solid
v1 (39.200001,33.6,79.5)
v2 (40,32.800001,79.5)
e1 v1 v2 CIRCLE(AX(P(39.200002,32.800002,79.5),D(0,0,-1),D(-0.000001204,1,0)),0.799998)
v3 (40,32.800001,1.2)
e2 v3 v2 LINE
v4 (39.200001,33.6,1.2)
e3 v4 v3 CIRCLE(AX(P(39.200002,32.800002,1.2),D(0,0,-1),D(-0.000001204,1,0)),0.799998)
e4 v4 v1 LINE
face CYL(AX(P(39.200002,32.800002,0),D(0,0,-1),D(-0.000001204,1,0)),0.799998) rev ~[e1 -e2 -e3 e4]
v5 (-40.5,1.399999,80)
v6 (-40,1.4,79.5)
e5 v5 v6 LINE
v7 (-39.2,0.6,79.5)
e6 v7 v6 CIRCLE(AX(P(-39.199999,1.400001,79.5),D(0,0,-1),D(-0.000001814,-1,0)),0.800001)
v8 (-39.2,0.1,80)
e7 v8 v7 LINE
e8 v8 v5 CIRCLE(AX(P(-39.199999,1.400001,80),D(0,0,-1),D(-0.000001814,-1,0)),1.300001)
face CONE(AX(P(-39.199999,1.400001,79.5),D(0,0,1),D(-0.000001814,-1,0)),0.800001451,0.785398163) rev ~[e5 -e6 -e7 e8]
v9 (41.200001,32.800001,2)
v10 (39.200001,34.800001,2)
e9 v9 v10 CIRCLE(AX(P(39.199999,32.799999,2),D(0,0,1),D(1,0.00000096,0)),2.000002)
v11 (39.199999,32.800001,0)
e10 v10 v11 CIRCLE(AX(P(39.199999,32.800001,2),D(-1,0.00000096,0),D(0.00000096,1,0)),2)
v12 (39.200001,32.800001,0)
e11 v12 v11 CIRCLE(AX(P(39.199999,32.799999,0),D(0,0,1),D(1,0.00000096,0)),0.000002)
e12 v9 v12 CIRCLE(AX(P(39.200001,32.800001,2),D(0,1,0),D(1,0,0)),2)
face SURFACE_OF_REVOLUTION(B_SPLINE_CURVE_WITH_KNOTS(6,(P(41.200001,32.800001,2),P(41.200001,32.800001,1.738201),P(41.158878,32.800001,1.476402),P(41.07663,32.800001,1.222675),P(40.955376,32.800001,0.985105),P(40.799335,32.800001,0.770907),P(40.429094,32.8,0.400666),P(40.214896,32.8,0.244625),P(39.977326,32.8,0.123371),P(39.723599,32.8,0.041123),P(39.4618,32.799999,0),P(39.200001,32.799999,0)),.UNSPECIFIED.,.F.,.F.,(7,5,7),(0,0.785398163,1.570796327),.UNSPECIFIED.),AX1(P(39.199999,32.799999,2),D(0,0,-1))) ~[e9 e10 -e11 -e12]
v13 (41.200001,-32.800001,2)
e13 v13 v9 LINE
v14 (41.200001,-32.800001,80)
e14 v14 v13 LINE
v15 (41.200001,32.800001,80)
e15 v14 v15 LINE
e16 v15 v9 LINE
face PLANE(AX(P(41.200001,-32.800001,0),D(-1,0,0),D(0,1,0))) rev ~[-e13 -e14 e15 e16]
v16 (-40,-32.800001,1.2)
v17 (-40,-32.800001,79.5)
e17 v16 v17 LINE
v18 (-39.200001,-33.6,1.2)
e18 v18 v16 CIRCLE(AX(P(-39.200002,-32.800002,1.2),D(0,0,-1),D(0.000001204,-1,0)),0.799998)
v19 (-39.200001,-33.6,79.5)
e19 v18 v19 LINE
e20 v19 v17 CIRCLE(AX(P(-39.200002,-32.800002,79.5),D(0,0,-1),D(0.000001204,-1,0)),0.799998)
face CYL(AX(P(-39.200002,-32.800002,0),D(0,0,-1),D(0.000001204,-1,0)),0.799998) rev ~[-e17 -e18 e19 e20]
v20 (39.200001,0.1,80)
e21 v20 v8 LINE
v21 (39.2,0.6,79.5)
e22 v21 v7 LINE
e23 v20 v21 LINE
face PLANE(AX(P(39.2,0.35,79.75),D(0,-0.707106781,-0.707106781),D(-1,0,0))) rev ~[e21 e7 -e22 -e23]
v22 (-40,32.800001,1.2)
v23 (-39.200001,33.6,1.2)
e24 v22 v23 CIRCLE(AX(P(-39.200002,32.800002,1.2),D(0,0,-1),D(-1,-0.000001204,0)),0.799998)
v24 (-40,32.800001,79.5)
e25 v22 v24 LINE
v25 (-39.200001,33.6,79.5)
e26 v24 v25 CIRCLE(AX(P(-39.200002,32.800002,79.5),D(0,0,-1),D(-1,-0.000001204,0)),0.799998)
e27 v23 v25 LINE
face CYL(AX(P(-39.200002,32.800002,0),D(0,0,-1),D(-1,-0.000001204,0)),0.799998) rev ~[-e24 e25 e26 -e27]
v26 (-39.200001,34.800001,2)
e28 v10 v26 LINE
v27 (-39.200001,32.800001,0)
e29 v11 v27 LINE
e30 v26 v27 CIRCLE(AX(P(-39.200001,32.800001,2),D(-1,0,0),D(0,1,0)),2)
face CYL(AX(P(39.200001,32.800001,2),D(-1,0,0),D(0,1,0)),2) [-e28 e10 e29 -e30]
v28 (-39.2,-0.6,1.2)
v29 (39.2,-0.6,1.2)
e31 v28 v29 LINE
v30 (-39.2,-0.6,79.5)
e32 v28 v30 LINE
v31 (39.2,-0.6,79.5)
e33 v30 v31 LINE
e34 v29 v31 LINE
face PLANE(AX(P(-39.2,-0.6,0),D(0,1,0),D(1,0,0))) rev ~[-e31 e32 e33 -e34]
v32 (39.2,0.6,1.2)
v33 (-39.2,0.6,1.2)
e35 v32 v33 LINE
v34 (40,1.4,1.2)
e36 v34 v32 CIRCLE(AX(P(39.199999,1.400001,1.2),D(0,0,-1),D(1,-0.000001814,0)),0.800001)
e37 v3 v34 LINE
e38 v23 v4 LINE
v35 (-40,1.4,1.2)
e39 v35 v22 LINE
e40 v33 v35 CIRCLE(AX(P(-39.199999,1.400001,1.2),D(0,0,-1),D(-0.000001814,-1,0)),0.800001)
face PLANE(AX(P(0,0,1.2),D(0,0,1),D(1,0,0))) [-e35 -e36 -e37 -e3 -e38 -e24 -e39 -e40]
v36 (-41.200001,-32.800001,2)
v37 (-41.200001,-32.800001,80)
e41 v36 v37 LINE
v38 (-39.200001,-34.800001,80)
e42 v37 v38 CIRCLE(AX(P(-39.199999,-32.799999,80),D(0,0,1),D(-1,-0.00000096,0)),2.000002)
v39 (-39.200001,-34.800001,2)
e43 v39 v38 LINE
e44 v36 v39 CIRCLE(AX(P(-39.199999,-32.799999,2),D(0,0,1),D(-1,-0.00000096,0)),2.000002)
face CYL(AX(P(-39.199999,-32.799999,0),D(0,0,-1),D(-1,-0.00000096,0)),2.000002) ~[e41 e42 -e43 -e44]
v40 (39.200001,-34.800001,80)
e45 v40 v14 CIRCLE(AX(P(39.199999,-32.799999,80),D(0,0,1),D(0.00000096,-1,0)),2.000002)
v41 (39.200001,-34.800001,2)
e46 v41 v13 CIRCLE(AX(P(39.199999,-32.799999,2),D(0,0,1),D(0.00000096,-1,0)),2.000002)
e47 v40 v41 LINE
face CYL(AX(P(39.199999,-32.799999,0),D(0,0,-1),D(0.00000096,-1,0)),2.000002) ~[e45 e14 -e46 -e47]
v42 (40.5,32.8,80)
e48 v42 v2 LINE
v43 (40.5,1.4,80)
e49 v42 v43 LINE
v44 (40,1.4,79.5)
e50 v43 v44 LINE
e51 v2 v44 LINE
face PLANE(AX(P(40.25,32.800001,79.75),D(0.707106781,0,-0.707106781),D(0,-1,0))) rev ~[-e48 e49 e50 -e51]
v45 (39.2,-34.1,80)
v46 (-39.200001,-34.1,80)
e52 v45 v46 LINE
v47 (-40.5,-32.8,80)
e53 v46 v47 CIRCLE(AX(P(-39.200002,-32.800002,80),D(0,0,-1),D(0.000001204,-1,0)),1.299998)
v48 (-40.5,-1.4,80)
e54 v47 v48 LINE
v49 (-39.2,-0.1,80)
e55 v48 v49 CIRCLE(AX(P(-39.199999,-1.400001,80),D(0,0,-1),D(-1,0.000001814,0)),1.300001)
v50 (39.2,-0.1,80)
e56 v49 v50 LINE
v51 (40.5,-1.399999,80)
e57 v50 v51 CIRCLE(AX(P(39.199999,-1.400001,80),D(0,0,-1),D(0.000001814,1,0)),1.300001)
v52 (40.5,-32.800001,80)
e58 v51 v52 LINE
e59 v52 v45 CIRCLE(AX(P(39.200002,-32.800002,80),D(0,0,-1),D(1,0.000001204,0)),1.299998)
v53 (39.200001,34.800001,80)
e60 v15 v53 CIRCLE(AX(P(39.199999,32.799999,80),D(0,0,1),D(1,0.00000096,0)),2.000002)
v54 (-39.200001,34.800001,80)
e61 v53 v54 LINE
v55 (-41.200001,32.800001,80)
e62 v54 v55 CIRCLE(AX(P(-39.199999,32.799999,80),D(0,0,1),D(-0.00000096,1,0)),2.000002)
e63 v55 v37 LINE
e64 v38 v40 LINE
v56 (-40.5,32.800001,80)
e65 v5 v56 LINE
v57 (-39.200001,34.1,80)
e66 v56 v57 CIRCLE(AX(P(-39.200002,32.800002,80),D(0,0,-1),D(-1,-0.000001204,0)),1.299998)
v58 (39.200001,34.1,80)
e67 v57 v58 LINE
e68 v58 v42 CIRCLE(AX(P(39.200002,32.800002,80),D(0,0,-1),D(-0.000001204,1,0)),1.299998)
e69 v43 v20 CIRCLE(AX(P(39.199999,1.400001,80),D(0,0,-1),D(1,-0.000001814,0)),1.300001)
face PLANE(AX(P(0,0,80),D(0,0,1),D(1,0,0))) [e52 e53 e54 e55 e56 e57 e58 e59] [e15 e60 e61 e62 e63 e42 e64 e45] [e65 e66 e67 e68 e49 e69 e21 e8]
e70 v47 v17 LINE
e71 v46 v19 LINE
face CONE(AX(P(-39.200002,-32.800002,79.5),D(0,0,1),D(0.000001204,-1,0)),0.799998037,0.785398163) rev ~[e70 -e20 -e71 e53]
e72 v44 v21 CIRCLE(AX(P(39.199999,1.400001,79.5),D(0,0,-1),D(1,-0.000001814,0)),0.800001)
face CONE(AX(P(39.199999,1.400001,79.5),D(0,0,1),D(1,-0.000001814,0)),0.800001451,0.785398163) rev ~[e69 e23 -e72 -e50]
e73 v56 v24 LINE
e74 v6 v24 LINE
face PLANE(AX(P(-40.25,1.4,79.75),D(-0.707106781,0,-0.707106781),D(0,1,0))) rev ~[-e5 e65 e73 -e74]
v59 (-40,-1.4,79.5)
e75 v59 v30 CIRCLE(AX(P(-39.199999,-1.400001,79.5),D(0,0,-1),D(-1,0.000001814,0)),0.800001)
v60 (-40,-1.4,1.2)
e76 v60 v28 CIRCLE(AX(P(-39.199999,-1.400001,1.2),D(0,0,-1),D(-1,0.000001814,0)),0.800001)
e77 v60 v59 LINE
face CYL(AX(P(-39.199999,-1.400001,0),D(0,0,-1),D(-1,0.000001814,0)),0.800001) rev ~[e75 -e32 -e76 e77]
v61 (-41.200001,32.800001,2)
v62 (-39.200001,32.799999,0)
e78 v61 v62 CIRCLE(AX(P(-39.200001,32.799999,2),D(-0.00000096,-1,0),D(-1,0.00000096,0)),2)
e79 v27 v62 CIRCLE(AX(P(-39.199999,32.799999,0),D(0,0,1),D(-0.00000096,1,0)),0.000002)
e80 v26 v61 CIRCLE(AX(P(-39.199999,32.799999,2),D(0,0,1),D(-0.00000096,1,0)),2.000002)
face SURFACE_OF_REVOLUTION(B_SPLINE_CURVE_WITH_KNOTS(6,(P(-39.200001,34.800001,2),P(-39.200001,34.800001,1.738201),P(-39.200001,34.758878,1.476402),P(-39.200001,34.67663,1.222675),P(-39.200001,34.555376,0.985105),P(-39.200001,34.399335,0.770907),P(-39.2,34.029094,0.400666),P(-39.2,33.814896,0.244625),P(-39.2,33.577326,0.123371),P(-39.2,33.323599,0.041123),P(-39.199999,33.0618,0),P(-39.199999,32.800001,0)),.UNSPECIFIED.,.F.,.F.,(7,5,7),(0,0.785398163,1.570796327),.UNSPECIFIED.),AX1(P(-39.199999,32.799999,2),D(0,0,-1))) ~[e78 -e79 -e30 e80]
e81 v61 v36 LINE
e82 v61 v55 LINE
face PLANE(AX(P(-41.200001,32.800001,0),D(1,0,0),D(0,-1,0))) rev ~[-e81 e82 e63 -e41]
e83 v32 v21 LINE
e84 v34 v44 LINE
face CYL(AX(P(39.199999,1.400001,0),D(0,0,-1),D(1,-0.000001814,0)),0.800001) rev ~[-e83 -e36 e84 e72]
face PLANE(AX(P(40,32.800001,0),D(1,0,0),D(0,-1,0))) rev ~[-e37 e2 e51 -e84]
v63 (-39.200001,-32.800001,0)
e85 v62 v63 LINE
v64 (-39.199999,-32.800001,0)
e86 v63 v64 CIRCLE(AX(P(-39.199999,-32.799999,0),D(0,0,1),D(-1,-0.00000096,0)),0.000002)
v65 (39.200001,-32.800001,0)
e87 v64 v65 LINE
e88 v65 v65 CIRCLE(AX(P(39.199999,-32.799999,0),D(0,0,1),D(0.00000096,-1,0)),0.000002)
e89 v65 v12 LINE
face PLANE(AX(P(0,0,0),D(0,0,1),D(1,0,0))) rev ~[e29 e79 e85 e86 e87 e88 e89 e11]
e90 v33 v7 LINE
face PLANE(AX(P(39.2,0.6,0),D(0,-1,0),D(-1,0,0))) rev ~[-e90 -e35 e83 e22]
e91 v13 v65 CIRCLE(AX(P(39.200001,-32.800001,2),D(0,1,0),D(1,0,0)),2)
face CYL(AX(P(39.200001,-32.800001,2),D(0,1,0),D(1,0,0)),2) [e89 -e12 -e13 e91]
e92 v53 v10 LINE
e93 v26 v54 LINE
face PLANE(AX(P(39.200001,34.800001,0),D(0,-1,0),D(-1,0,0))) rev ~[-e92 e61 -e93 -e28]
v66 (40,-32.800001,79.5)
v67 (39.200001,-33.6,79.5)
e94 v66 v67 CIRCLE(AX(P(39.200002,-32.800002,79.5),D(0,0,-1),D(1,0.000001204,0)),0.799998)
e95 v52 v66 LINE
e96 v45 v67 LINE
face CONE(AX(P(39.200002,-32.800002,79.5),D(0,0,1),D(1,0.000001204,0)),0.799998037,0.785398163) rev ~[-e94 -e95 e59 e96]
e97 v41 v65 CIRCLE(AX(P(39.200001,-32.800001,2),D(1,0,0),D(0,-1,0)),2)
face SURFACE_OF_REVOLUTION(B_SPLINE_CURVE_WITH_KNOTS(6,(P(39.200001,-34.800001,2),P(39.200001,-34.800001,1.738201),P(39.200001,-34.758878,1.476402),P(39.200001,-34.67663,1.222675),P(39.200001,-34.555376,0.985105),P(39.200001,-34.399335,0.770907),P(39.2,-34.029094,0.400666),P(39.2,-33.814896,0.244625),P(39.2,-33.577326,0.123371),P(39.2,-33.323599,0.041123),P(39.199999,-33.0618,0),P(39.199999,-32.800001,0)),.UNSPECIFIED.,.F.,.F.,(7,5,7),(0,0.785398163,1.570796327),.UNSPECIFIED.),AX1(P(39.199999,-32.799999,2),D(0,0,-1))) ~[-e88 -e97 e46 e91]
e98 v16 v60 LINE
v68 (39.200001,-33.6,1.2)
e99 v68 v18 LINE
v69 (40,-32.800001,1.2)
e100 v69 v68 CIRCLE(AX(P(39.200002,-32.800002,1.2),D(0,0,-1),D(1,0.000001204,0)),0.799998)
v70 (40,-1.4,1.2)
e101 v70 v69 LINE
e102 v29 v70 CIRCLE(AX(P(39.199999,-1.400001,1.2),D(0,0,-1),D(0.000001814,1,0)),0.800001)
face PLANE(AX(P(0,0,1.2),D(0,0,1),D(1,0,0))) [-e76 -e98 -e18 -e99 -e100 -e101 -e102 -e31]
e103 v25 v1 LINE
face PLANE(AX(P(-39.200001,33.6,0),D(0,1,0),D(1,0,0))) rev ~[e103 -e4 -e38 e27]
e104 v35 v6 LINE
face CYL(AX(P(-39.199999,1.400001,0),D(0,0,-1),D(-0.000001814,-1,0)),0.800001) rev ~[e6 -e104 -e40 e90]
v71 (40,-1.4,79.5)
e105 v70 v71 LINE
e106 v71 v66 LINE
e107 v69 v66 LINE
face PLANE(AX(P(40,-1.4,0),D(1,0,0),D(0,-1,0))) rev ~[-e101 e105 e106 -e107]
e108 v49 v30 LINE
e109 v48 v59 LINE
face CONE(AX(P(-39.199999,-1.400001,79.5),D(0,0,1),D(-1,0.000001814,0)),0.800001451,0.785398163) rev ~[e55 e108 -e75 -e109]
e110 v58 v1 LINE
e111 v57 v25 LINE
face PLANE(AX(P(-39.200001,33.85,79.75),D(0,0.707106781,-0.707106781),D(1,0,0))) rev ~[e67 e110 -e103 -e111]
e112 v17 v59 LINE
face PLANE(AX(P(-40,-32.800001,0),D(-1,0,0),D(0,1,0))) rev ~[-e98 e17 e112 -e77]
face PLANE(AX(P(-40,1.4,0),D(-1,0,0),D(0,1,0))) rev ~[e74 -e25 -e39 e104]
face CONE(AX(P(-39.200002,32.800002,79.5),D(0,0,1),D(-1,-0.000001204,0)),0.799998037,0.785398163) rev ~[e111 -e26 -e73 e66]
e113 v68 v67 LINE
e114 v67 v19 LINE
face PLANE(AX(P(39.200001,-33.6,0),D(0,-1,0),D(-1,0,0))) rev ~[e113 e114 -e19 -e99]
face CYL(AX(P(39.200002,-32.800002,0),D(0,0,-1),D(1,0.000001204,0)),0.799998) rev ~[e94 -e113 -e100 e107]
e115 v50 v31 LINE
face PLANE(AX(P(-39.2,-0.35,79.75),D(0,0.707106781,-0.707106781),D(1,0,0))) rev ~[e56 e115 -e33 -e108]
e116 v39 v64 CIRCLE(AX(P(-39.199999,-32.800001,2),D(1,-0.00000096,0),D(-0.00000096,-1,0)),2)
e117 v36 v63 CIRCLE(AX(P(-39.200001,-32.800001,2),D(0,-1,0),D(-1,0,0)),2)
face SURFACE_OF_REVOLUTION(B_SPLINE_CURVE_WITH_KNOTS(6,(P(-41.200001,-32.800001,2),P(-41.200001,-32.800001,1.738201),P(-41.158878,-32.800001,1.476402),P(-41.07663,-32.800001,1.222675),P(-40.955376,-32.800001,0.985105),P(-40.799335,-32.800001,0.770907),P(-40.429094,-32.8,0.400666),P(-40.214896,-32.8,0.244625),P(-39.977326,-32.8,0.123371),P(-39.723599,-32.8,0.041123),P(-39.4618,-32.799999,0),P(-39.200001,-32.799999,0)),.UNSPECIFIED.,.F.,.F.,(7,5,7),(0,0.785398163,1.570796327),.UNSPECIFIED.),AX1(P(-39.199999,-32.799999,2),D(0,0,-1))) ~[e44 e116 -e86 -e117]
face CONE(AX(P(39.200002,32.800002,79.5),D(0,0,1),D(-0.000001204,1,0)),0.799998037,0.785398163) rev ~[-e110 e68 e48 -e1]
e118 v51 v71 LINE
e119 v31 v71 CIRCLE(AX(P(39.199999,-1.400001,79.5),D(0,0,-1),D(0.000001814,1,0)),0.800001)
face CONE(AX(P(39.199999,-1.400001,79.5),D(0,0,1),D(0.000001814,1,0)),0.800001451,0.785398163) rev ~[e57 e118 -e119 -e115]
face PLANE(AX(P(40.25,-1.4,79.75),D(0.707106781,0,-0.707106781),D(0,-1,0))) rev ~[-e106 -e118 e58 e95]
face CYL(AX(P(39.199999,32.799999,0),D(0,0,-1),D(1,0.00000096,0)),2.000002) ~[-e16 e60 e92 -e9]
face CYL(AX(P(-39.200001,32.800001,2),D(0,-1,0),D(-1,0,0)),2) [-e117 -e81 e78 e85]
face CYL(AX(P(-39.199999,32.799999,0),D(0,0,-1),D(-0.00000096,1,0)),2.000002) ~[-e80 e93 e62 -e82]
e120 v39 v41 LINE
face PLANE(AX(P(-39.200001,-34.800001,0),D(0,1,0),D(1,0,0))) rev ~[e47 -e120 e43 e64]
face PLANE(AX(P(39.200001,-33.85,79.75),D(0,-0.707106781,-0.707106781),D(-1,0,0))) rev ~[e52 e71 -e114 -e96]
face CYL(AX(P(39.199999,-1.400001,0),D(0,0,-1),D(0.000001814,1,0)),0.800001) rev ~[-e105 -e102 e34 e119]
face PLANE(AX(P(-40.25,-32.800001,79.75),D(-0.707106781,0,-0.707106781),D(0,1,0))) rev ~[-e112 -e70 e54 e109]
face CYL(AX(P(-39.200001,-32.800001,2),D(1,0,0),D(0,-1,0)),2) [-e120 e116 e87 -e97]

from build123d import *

# Parameters (mm, degrees)
F1_DEPTH = 80
F3_DEPTH = 1.2
F4_R     = 2
F5_SIZE  = 0.5


with BuildPart() as f1:
    # F0 (on Top) → F1 (new body)
    with BuildSketch(Plane.XY):
        with BuildLine():
            Line((39.200001, 34.800001), (-39.200001, 34.800001))
            ThreePointArc((-39.200001, 34.800001), (-40.614214, 34.214214), (-41.200001, 32.800001))
            Line((-41.200001, 32.800001), (-41.200001, -32.800001))
            ThreePointArc((-41.200001, -32.800001), (-40.614214, -34.214214), (-39.200001, -34.800001))
            Line((-39.200001, -34.800001), (39.200001, -34.800001))
            ThreePointArc((39.200001, -34.800001), (40.614214, -34.214214), (41.200001, -32.800001))
            Line((41.200001, -32.800001), (41.200001, 32.800001))
            ThreePointArc((41.200001, 32.800001), (40.614214, 34.214214), (39.200001, 34.800001))
        make_face()
        with BuildLine():
            ThreePointArc((-39.200001, -33.6), (-39.765686, -33.365686), (-40, -32.800001))
            Line((-40, -32.800001), (-40, -1.4))
            ThreePointArc((-40, -1.4), (-39.765685, -0.834315), (-39.2, -0.6))
            Line((-39.2, -0.6), (39.2, -0.6))
            ThreePointArc((39.2, -0.6), (39.765685, -0.834315), (40, -1.4))
            Line((40, -1.4), (40, -32.800001))
            ThreePointArc((40, -32.800001), (39.765686, -33.365686), (39.200001, -33.6))
            Line((39.200001, -33.6), (-39.200001, -33.6))
        make_face(mode=Mode.SUBTRACT)
        with BuildLine():
            ThreePointArc((-40, 32.800001), (-39.765686, 33.365686), (-39.200001, 33.6))
            Line((-39.200001, 33.6), (39.200001, 33.6))
            ThreePointArc((39.200001, 33.6), (39.765686, 33.365686), (40, 32.800001))
            Line((40, 32.800001), (40, 1.4))
            ThreePointArc((40, 1.4), (39.765685, 0.834315), (39.2, 0.6))
            Line((39.2, 0.6), (-39.2, 0.6))
            ThreePointArc((-39.2, 0.6), (-39.765685, 0.834315), (-40, 1.4))
            Line((-40, 1.4), (-40, 32.800001))
        make_face(mode=Mode.SUBTRACT)
    extrude(amount=F1_DEPTH)

    # F2 (on Top) → F3 (join)
    with BuildSketch(Plane.XY):
        with BuildLine():
            ThreePointArc((-39.200001, 34.800001), (-40.614214, 34.214214), (-41.200001, 32.800001))
            Line((-41.200001, 32.800001), (-41.200001, -32.800001))
            ThreePointArc((-41.200001, -32.800001), (-40.614214, -34.214214), (-39.200001, -34.800001))
            Line((-39.200001, -34.800001), (39.200001, -34.800001))
            ThreePointArc((39.200001, -34.800001), (40.614214, -34.214214), (41.200001, -32.800001))
            Line((41.200001, -32.800001), (41.200001, 32.800001))
            ThreePointArc((41.200001, 32.800001), (40.614214, 34.214214), (39.200001, 34.800001))
            Line((39.200001, 34.800001), (-39.200001, 34.800001))
        make_face()
    extrude(amount=F3_DEPTH)

    # F4
    f4_edges = [f1.edges().sort_by_distance(p)[0] for p in [
        (41.200001, 0, 0),
        (0, 34.800001, 0),
        (0, -34.800001, 0),
        (-41.200001, 0, 0),
    ]]
    fillet(f4_edges, radius=F4_R)

    # F5
    f5_edges = [f1.edges().sort_by_distance(p)[0] for p in [
        (0, 33.6, 80),
        (0, -0.6, 80),
    ]]
    chamfer(f5_edges, length=F5_SIZE)


solid = f1.part
